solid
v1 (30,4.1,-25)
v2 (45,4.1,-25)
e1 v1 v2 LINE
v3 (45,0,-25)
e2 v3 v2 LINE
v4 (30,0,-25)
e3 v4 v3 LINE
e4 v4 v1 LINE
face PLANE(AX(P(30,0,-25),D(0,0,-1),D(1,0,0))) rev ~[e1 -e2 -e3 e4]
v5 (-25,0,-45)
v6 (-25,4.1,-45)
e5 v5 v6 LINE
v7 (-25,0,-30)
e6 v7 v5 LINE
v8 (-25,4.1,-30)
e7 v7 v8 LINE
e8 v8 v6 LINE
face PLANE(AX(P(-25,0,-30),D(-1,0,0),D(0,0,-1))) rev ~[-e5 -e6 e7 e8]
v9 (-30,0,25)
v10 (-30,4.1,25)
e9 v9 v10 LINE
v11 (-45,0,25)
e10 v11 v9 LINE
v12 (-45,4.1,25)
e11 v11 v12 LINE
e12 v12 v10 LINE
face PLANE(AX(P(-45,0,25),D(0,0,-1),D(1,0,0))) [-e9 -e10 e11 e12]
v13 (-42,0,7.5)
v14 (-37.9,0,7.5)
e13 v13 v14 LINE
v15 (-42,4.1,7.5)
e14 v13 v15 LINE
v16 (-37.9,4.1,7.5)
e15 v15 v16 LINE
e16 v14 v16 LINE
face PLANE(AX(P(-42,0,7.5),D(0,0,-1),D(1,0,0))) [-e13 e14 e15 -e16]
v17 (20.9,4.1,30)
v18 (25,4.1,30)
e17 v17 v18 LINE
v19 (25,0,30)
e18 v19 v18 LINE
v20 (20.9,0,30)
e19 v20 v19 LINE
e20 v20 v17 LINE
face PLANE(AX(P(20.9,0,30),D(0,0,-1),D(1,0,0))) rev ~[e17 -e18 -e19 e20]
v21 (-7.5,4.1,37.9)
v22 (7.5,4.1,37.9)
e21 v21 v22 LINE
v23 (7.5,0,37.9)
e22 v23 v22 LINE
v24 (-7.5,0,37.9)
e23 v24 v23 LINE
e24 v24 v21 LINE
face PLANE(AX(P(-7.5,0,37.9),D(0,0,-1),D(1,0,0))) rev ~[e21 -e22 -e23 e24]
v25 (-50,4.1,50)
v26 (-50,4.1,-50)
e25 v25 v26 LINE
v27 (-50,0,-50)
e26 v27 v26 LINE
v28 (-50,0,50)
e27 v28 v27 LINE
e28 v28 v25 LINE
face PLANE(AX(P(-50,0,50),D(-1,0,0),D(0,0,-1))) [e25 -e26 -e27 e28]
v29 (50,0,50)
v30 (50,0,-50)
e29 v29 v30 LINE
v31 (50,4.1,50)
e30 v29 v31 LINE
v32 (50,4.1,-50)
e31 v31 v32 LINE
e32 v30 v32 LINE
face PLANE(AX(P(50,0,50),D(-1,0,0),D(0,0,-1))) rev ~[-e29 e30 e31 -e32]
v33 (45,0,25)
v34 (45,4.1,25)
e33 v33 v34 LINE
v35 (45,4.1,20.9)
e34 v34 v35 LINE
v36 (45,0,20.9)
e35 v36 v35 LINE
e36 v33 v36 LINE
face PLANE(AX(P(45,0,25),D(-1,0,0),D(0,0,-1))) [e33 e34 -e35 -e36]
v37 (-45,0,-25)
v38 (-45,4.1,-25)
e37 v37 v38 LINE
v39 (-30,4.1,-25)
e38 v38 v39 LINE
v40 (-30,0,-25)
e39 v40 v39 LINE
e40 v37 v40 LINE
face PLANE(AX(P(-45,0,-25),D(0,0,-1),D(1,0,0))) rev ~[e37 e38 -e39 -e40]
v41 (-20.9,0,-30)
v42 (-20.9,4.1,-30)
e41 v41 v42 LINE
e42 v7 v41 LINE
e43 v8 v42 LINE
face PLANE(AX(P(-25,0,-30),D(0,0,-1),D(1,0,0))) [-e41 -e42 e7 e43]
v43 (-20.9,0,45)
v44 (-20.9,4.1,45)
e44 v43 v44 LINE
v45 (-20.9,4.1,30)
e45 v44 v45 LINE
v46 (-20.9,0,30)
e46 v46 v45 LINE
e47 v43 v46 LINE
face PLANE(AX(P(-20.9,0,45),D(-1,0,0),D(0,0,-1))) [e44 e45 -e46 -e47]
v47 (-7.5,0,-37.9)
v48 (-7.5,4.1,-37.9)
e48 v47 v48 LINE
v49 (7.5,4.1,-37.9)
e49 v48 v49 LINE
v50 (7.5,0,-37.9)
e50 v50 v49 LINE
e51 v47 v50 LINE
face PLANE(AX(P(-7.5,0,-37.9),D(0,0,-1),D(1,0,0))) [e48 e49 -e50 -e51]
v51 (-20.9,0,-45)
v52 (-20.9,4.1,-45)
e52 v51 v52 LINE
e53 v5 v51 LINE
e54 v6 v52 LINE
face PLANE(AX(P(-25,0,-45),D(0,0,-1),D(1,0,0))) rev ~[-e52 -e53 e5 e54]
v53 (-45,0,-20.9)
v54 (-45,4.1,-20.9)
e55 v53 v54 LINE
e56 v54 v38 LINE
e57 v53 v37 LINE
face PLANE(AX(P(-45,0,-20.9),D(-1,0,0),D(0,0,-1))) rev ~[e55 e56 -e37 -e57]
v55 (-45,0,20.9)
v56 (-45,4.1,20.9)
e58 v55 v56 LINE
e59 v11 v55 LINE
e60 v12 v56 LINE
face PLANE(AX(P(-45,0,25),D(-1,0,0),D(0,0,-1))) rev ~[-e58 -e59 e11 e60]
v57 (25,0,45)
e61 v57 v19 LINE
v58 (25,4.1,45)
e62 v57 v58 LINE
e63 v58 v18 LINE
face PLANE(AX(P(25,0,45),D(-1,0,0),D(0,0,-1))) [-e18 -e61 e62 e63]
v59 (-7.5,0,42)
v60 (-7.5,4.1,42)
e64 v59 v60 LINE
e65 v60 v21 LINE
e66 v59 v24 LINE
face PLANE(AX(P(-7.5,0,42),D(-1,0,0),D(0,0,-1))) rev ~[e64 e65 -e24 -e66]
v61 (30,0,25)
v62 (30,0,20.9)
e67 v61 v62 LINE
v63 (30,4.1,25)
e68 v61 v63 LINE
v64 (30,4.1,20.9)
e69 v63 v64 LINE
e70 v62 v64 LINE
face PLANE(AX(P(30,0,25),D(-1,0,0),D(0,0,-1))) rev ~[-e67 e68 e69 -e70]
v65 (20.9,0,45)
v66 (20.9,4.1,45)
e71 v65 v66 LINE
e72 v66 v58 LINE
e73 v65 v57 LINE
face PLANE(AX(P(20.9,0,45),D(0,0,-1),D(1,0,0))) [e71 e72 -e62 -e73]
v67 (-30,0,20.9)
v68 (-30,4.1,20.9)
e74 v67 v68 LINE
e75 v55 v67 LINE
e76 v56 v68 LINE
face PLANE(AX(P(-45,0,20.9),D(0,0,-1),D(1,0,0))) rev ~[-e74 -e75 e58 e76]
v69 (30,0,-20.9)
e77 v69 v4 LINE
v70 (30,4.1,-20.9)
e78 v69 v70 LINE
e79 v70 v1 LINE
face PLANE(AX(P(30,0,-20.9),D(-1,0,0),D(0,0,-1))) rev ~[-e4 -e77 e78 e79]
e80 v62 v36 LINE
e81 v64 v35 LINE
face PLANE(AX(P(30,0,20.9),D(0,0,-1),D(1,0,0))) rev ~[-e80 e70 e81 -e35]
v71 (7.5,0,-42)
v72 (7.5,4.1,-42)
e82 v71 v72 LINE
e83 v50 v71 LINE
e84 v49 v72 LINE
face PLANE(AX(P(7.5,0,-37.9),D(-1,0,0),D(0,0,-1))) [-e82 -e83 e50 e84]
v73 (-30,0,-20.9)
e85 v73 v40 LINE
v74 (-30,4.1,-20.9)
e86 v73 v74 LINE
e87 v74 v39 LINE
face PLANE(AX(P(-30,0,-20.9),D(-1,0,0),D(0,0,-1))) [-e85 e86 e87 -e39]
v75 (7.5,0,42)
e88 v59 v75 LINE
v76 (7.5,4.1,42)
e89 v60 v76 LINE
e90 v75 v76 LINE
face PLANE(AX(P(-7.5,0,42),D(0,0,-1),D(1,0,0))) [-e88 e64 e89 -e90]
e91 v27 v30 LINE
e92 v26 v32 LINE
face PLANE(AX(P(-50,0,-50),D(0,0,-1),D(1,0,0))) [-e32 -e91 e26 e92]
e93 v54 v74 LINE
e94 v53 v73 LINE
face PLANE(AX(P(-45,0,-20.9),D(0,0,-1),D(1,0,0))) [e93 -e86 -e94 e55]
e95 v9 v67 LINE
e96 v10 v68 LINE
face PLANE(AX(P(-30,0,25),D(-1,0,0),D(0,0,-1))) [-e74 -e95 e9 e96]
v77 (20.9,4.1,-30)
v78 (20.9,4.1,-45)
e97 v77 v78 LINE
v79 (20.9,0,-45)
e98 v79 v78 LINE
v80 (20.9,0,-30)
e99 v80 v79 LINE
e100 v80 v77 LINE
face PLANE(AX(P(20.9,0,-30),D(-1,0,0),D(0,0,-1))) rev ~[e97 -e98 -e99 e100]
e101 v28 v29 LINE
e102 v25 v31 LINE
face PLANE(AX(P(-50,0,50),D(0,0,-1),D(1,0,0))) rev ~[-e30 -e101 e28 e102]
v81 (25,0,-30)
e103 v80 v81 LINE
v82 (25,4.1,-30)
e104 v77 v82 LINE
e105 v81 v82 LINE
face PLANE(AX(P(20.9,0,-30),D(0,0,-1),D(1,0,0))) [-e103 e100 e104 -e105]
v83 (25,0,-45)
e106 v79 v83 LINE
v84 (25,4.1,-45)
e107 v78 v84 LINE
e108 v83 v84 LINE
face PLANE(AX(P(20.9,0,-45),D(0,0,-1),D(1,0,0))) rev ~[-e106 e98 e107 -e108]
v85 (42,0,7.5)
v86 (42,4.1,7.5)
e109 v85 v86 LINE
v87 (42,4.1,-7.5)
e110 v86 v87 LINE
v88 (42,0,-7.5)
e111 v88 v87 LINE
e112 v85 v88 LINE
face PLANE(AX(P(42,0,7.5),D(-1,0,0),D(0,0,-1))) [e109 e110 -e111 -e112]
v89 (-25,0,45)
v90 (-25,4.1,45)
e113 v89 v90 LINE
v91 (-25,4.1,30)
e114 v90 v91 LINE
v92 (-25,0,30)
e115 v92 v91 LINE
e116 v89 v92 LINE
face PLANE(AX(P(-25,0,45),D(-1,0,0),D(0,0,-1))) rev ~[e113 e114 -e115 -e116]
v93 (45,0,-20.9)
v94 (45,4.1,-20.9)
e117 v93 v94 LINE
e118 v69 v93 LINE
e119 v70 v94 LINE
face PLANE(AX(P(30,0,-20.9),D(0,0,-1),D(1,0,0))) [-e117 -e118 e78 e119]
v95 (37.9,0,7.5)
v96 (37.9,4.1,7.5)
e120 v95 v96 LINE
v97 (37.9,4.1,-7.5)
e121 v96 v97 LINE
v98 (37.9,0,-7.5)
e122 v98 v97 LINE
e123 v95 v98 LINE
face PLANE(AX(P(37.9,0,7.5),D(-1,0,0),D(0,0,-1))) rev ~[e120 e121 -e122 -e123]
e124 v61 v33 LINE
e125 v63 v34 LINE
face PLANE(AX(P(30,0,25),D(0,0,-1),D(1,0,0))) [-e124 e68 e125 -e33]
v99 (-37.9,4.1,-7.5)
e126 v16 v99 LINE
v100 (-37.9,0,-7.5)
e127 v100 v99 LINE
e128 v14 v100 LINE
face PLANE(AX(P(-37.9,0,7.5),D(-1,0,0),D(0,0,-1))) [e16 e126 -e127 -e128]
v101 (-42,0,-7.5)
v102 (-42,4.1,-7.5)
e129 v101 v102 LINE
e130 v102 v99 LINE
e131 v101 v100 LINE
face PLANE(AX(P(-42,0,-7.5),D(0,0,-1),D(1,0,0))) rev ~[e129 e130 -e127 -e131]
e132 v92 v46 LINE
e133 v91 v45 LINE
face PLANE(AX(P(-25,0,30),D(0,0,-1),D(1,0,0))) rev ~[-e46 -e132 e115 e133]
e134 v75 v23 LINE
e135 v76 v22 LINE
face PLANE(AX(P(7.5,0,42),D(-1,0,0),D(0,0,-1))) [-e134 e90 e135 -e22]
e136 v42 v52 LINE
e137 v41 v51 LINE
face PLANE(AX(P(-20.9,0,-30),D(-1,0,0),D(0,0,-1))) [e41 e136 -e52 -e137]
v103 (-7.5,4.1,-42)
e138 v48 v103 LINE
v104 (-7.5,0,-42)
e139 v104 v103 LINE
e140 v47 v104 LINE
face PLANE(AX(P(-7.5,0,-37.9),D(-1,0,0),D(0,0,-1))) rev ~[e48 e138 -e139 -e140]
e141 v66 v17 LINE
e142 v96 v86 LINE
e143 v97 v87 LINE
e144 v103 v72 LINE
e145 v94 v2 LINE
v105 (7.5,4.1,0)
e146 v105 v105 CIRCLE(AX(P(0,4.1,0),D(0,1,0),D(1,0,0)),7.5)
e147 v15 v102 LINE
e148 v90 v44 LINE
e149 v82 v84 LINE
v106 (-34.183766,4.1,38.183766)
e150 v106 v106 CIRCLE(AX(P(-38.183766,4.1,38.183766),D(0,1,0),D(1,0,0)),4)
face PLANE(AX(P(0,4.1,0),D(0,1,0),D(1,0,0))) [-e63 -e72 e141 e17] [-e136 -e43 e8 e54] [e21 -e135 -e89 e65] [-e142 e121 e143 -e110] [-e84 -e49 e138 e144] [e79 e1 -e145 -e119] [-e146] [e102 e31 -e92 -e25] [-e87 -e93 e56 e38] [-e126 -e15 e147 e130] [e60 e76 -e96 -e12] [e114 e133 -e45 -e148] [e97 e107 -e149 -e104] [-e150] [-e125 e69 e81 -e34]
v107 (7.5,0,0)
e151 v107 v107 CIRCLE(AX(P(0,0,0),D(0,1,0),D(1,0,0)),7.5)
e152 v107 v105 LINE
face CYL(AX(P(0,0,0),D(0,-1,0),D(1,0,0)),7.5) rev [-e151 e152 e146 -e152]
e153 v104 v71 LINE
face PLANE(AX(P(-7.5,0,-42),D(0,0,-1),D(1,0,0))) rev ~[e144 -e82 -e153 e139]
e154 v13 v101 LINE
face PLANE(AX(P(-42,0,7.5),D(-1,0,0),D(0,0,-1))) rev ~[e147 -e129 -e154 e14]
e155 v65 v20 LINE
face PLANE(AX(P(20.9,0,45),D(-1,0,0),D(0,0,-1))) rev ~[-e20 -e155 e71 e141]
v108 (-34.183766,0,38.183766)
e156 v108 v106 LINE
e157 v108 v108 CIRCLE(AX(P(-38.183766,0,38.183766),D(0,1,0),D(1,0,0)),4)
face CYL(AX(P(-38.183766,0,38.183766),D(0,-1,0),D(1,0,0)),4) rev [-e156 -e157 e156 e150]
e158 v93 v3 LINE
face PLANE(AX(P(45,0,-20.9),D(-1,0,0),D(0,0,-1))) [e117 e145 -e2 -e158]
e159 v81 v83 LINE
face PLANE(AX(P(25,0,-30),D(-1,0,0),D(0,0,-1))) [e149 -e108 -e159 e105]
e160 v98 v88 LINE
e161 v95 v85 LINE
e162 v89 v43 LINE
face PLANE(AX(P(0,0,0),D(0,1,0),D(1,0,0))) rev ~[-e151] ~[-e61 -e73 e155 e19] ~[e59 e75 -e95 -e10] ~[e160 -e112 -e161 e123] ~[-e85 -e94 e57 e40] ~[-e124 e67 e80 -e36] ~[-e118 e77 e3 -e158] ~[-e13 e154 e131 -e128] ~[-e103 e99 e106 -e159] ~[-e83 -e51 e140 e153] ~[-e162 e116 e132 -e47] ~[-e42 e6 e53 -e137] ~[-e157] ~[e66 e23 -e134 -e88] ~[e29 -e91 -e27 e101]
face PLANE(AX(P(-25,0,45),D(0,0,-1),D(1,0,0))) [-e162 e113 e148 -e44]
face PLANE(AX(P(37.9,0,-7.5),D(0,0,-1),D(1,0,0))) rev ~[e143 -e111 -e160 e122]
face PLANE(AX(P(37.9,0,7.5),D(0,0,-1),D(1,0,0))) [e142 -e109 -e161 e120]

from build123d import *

# Parameters (mm, degrees)
SKETCH1_W           = 100
SKETCH1_H           = 100
SKETCH1_R           = 7.5
SKETCH1_R_2         = 4
SKETCH1_W_2         = 4.1
SKETCH1_H_2         = 15
SKETCH1_W_3         = 15
SKETCH1_H_3         = 4.1
BOSS_EXTRUDE1_DEPTH = 4.1


with BuildPart() as part:
    # Sketch1 → Boss-Extrude1 (new body)
    with BuildSketch(Plane(origin=(0, 0, 0), x_dir=(1, 0, 0), z_dir=(0, 1, 0))):
        Rectangle(SKETCH1_W, SKETCH1_H)
        Circle(SKETCH1_R, mode=Mode.SUBTRACT)
        with Locations((-38.183766184, -38.183766184)):
            Circle(SKETCH1_R_2, mode=Mode.SUBTRACT)
        with Locations((-22.95, 37.5)):
            Rectangle(SKETCH1_W_2, SKETCH1_H_2, mode=Mode.SUBTRACT)
        with Locations((-37.5, 22.95)):
            Rectangle(SKETCH1_W_3, SKETCH1_H_3, mode=Mode.SUBTRACT)
        with Locations((37.5, -22.95)):
            Rectangle(SKETCH1_W_3, SKETCH1_H_3, mode=Mode.SUBTRACT)
        with Locations((22.95, -37.5)):
            Rectangle(SKETCH1_W_2, SKETCH1_H_2, mode=Mode.SUBTRACT)
        with Locations((37.5, 22.95)):
            Rectangle(SKETCH1_W_3, SKETCH1_H_3, mode=Mode.SUBTRACT)
        with Locations((-37.5, -22.95)):
            Rectangle(SKETCH1_W_3, SKETCH1_H_3, mode=Mode.SUBTRACT)
        with Locations((22.95, 37.5)):
            Rectangle(SKETCH1_W_2, SKETCH1_H_2, mode=Mode.SUBTRACT)
        with Locations((-22.95, -37.5)):
            Rectangle(SKETCH1_W_2, SKETCH1_H_2, mode=Mode.SUBTRACT)
        with Locations((0, 39.95)):
            Rectangle(SKETCH1_W_3, SKETCH1_H_3, mode=Mode.SUBTRACT)
        with Locations((0, -39.95)):
            Rectangle(SKETCH1_W_3, SKETCH1_H_3, mode=Mode.SUBTRACT)
        with Locations((39.95, 0)):
            Rectangle(SKETCH1_W_2, SKETCH1_H_2, mode=Mode.SUBTRACT)
        with Locations((-39.95, 0)):
            Rectangle(SKETCH1_W_2, SKETCH1_H_2, mode=Mode.SUBTRACT)
    extrude(amount=BOSS_EXTRUDE1_DEPTH)


solid = part.part
